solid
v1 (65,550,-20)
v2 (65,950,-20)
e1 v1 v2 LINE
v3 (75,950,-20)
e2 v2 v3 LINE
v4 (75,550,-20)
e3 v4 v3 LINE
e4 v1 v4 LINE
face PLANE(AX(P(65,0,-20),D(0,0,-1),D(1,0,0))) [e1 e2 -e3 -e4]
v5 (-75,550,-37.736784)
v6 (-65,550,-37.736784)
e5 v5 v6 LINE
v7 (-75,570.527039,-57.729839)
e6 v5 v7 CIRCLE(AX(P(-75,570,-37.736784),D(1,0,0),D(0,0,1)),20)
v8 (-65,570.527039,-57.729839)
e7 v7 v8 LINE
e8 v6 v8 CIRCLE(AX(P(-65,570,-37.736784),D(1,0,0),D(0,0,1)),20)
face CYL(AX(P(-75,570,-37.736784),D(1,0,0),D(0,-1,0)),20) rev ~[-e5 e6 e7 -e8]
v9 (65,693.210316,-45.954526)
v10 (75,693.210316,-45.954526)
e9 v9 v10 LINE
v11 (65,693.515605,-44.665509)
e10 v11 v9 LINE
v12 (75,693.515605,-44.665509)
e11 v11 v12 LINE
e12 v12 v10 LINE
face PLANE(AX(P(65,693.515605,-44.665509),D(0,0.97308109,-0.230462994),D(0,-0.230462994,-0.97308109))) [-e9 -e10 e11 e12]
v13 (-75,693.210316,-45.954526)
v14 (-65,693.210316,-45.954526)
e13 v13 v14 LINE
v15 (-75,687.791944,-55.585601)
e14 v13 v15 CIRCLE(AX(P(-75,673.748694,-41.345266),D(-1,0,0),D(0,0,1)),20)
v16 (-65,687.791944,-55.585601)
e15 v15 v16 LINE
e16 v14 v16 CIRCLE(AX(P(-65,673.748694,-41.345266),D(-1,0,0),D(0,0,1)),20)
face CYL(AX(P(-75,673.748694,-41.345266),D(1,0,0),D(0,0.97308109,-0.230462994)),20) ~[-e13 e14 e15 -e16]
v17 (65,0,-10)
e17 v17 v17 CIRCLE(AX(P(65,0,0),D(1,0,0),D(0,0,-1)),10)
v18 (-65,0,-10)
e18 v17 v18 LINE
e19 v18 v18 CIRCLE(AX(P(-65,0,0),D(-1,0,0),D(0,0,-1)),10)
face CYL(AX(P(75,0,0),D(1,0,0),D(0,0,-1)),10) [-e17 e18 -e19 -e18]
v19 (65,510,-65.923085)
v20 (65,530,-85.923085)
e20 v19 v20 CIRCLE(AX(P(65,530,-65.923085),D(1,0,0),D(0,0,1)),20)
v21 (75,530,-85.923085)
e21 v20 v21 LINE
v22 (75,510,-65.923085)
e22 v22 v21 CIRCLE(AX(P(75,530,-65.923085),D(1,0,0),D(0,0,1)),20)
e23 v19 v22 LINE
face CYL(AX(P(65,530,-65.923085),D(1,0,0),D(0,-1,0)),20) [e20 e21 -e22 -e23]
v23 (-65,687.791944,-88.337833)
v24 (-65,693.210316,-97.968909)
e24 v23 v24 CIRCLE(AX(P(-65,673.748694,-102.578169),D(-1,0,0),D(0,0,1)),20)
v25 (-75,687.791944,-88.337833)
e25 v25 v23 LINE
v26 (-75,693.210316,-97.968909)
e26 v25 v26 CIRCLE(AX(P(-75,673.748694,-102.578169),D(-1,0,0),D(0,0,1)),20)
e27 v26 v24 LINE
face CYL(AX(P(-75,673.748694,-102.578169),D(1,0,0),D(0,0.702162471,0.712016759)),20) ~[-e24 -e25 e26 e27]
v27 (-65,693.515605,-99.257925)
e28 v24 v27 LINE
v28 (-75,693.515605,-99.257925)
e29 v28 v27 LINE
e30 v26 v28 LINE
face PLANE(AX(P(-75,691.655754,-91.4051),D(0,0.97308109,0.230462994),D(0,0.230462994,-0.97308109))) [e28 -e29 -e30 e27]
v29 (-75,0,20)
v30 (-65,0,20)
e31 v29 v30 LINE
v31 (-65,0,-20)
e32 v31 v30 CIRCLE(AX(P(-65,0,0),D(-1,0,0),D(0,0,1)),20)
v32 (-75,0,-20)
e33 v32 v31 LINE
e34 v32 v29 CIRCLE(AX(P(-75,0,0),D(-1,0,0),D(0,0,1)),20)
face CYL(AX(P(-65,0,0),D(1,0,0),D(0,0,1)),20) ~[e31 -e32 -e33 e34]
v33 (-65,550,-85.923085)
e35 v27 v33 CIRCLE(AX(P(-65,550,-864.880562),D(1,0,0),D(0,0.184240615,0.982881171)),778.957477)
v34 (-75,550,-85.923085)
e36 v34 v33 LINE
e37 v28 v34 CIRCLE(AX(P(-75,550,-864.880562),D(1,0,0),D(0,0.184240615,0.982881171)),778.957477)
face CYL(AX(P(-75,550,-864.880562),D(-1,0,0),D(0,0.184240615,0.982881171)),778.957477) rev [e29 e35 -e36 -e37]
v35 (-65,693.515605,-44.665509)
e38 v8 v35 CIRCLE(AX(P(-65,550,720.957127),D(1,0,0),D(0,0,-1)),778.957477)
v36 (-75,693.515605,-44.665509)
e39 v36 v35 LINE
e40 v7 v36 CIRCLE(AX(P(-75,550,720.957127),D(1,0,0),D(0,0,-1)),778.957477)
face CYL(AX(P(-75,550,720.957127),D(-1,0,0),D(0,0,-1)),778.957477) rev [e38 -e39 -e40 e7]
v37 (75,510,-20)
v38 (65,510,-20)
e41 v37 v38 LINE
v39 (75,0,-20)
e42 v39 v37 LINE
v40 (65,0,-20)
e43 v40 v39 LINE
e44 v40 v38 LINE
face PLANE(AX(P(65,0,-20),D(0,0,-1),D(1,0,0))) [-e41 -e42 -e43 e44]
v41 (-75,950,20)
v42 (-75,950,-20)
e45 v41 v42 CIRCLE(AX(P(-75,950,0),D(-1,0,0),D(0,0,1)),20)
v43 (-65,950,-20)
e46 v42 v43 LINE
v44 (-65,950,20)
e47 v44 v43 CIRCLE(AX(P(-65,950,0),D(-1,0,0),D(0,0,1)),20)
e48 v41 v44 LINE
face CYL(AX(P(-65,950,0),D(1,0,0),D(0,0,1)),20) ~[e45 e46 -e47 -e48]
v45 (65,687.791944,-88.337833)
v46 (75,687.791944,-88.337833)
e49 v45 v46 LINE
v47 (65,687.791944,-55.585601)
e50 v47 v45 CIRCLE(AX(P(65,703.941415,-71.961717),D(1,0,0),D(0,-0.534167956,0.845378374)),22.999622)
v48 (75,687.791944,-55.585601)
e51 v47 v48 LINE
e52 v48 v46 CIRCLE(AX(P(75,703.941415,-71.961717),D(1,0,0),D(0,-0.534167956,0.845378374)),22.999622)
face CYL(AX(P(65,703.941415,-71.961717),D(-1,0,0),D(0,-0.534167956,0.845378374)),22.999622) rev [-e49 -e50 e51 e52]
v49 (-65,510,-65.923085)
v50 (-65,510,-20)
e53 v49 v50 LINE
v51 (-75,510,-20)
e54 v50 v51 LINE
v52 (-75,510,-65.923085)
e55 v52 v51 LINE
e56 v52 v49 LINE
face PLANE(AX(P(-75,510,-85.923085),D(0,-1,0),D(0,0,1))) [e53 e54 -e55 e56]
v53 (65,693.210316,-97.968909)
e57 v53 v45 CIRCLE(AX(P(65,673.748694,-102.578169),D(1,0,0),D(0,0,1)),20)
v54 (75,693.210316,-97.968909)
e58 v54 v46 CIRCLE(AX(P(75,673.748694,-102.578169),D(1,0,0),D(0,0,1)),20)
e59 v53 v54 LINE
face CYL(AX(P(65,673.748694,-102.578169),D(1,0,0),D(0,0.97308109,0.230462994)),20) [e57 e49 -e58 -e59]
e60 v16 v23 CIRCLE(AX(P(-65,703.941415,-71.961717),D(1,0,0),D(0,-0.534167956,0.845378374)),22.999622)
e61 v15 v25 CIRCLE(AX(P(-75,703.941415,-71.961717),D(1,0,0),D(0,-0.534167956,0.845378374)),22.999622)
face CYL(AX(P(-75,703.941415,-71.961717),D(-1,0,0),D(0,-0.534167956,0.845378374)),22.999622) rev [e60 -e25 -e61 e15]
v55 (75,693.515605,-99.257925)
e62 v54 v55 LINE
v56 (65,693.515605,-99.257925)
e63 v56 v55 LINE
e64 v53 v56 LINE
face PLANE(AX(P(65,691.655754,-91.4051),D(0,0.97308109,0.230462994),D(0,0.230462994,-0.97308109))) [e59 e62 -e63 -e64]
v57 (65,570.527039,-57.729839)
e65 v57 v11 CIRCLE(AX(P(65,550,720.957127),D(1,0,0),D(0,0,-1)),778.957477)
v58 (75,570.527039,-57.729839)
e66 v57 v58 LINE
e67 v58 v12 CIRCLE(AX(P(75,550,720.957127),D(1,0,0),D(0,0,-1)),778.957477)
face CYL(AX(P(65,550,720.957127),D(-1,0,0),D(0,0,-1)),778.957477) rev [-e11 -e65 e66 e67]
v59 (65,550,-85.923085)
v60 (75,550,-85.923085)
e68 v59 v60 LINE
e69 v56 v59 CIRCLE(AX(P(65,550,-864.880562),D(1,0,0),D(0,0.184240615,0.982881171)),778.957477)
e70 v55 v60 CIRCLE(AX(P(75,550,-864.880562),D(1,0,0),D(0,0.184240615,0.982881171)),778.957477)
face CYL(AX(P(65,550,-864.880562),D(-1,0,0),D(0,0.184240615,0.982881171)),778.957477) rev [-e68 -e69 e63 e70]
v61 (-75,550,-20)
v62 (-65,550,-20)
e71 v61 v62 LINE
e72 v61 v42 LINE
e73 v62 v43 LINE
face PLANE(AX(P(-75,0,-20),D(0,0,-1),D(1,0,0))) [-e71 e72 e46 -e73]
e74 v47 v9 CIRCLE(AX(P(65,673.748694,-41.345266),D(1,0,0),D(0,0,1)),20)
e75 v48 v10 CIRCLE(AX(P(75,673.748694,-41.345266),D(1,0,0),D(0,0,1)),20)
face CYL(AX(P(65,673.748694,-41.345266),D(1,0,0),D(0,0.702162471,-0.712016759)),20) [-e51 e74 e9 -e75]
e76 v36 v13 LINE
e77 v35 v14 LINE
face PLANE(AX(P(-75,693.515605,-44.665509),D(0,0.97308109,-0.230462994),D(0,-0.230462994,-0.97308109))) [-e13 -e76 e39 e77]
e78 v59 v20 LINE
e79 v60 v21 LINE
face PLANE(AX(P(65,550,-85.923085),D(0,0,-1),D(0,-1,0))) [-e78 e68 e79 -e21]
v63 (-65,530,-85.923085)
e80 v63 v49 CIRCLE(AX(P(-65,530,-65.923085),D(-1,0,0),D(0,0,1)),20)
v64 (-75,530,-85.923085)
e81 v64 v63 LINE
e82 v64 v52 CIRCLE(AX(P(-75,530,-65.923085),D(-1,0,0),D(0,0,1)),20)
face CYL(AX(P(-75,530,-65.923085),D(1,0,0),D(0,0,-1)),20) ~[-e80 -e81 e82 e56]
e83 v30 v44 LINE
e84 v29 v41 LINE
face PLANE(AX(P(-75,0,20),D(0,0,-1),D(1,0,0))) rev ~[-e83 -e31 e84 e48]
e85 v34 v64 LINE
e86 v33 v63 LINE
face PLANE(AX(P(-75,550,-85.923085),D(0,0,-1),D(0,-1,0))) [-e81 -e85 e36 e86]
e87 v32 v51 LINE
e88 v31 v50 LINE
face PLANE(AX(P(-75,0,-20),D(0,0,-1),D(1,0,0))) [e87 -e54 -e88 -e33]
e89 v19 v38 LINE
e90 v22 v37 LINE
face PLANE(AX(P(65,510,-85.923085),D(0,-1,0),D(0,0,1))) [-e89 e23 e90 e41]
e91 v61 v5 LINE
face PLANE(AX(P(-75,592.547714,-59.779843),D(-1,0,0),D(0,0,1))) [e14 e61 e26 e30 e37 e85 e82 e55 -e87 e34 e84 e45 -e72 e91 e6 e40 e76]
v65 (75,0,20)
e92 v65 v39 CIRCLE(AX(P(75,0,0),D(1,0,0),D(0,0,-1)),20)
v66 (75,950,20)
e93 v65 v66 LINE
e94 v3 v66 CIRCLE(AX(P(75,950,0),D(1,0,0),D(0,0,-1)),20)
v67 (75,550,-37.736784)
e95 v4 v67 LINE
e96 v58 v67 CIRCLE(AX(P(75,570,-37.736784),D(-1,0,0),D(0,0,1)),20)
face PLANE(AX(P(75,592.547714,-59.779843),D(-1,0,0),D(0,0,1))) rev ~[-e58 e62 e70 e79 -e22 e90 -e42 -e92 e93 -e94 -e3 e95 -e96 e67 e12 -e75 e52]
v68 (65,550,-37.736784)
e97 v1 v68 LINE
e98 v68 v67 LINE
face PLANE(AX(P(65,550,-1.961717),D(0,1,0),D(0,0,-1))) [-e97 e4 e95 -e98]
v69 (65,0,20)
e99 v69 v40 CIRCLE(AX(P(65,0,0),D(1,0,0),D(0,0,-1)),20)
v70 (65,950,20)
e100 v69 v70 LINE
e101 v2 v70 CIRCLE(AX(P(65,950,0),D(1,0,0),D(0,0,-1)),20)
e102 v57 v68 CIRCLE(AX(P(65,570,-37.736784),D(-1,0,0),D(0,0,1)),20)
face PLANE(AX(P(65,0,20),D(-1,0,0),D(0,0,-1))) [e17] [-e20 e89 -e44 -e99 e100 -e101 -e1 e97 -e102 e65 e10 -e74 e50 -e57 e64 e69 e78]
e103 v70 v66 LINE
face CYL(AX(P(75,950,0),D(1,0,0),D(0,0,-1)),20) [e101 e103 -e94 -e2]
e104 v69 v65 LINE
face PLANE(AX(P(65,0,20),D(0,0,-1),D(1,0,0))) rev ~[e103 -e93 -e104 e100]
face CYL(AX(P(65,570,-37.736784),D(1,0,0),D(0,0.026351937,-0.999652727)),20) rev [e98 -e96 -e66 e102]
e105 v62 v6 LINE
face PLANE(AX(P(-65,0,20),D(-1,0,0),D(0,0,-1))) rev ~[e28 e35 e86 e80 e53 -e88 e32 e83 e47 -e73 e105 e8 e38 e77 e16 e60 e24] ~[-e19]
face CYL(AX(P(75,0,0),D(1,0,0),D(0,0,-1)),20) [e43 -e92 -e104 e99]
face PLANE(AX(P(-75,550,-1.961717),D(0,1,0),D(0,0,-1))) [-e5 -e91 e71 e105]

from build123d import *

# Parameters (mm, degrees)
SKETCH_1_W        = 10
SKETCH_1_H        = 40
EXTRUDE_1_DEPTH   = 950
EXTRUDE_1_2_DEPTH = 950
SKETCH_2_R        = 10
EXTRUDE_2_DEPTH   = 150
SKETCH_3_R        = 20
EXTRUDE_3_DEPTH   = 10
EXTRUDE_START     = -10
SKETCH_4_R        = 20
EXTRUDE_4_DEPTH   = 10
EXTRUDE_5_DEPTH   = 10
EXTRUDE_6_DEPTH   = 10
FILLET_1_R        = 20


with BuildPart() as part:
    # 草图1 → 凸台-拉伸1 (new body)
    with BuildSketch(Plane(origin=(0, 0, 0), x_dir=(1, 0, 0), z_dir=(0, 1, 0))):
        with Locations((-70, 0)):
            Rectangle(SKETCH_1_W, SKETCH_1_H)
    extrude(amount=EXTRUDE_1_DEPTH)



with BuildPart() as body_2:
    # 草图1 → Extrude 1 2 (new body)
    with BuildSketch(Plane(origin=(0, 0, 0), x_dir=(1, 0, 0), z_dir=(0, 1, 0))):
        with Locations((70, 0)):
            Rectangle(SKETCH_1_W, SKETCH_1_H)
    extrude(amount=EXTRUDE_1_2_DEPTH)


with BuildPart() as part_1:
    add(part.part)

    add(body_2.part)  # 凸台-拉伸2 merges body 2
    # 草图2 → 凸台-拉伸2 (add)
    with BuildSketch(Plane(origin=(75, 0, 0), x_dir=(0, 0, -1), z_dir=(1, 0, 0))):
        Circle(SKETCH_2_R)
    extrude(amount=-EXTRUDE_2_DEPTH)

    # 草图3 → 凸台-拉伸3 (add)
    with BuildSketch(Plane(origin=(75, 0, 0), x_dir=(0, 0, -1), z_dir=(1, 0, 0))):
        with Locations((0, 950)):
            Circle(SKETCH_3_R)
        Circle(SKETCH_3_R)
    extrude(amount=-EXTRUDE_3_DEPTH)

    # 草图4 → 凸台-拉伸4 (add)
    with BuildSketch(Plane.ZY.offset(75).offset(EXTRUDE_START)):
        with Locations((0, 950)):
            Circle(SKETCH_4_R)
        Circle(SKETCH_4_R)
    extrude(amount=EXTRUDE_4_DEPTH)

    # 草图5 → 凸台-拉伸5 (add)
    with BuildSketch(Plane.ZY.offset(75)):
        with BuildLine():
            Line((-1.961717338, 550), (-58.000349557, 550))
            ThreePointArc((-58.000349557, 550), (-54.659475196, 622.066890367), (-44.665509494, 693.515604688))
            Line((-44.665509494, 693.515604688), (-52.51833449, 691.655753978))
            ThreePointArc((-52.51833449, 691.655753978), (-71.961717338, 680.941793153), (-91.405100186, 691.655753978))
            Line((-91.405100186, 691.655753978), (-99.257925182, 693.515604688))
            ThreePointArc((-99.257925182, 693.515604688), (-89.26395948, 622.066890367), (-85.923085118, 550))
            Line((-85.923085118, 550), (-85.923085118, 510))
            Line((-85.923085118, 510), (-1.961717338, 510))
            Line((-1.961717338, 510), (-1.961717338, 550))
        make_face()
    extrude(amount=-EXTRUDE_5_DEPTH)

    # 草图6 → 凸台-拉伸6 (add)
    with BuildSketch(Plane.ZY.offset(-65)):
        with BuildLine():
            Line((-1.961717338, 550), (-58.000349557, 550))
            ThreePointArc((-58.000349557, 550), (-54.659475196, 622.066890367), (-44.665509494, 693.515604688))
            Line((-44.665509494, 693.515604688), (-52.51833449, 691.655753978))
            ThreePointArc((-52.51833449, 691.655753978), (-71.961717338, 680.941793153), (-91.405100186, 691.655753978))
            Line((-91.405100186, 691.655753978), (-99.257925182, 693.515604688))
            ThreePointArc((-99.257925182, 693.515604688), (-89.26395948, 622.066890367), (-85.923085118, 550))
            Line((-85.923085118, 550), (-85.923085118, 510))
            Line((-85.923085118, 510), (-1.961717338, 510))
            Line((-1.961717338, 510), (-1.961717338, 550))
        make_face()
    extrude(amount=-EXTRUDE_6_DEPTH)

    # 圆角1
    fillet_1_edges = [part_1.edges().sort_by_distance(p)[0] for p in [
        (70, 550, -58.000349557),
        (70, 510, -85.923085118),
        (70, 691.655753978, -91.405100186),
        (70, 691.655753978, -52.51833449),
        (-70, 550, -58.000349557),
        (-70, 510, -85.923085118),
        (-70, 691.655753978, -91.405100186),
        (-70, 691.655753978, -52.51833449),
    ]]
    fillet(fillet_1_edges, radius=FILLET_1_R)


solid = part_1.part
